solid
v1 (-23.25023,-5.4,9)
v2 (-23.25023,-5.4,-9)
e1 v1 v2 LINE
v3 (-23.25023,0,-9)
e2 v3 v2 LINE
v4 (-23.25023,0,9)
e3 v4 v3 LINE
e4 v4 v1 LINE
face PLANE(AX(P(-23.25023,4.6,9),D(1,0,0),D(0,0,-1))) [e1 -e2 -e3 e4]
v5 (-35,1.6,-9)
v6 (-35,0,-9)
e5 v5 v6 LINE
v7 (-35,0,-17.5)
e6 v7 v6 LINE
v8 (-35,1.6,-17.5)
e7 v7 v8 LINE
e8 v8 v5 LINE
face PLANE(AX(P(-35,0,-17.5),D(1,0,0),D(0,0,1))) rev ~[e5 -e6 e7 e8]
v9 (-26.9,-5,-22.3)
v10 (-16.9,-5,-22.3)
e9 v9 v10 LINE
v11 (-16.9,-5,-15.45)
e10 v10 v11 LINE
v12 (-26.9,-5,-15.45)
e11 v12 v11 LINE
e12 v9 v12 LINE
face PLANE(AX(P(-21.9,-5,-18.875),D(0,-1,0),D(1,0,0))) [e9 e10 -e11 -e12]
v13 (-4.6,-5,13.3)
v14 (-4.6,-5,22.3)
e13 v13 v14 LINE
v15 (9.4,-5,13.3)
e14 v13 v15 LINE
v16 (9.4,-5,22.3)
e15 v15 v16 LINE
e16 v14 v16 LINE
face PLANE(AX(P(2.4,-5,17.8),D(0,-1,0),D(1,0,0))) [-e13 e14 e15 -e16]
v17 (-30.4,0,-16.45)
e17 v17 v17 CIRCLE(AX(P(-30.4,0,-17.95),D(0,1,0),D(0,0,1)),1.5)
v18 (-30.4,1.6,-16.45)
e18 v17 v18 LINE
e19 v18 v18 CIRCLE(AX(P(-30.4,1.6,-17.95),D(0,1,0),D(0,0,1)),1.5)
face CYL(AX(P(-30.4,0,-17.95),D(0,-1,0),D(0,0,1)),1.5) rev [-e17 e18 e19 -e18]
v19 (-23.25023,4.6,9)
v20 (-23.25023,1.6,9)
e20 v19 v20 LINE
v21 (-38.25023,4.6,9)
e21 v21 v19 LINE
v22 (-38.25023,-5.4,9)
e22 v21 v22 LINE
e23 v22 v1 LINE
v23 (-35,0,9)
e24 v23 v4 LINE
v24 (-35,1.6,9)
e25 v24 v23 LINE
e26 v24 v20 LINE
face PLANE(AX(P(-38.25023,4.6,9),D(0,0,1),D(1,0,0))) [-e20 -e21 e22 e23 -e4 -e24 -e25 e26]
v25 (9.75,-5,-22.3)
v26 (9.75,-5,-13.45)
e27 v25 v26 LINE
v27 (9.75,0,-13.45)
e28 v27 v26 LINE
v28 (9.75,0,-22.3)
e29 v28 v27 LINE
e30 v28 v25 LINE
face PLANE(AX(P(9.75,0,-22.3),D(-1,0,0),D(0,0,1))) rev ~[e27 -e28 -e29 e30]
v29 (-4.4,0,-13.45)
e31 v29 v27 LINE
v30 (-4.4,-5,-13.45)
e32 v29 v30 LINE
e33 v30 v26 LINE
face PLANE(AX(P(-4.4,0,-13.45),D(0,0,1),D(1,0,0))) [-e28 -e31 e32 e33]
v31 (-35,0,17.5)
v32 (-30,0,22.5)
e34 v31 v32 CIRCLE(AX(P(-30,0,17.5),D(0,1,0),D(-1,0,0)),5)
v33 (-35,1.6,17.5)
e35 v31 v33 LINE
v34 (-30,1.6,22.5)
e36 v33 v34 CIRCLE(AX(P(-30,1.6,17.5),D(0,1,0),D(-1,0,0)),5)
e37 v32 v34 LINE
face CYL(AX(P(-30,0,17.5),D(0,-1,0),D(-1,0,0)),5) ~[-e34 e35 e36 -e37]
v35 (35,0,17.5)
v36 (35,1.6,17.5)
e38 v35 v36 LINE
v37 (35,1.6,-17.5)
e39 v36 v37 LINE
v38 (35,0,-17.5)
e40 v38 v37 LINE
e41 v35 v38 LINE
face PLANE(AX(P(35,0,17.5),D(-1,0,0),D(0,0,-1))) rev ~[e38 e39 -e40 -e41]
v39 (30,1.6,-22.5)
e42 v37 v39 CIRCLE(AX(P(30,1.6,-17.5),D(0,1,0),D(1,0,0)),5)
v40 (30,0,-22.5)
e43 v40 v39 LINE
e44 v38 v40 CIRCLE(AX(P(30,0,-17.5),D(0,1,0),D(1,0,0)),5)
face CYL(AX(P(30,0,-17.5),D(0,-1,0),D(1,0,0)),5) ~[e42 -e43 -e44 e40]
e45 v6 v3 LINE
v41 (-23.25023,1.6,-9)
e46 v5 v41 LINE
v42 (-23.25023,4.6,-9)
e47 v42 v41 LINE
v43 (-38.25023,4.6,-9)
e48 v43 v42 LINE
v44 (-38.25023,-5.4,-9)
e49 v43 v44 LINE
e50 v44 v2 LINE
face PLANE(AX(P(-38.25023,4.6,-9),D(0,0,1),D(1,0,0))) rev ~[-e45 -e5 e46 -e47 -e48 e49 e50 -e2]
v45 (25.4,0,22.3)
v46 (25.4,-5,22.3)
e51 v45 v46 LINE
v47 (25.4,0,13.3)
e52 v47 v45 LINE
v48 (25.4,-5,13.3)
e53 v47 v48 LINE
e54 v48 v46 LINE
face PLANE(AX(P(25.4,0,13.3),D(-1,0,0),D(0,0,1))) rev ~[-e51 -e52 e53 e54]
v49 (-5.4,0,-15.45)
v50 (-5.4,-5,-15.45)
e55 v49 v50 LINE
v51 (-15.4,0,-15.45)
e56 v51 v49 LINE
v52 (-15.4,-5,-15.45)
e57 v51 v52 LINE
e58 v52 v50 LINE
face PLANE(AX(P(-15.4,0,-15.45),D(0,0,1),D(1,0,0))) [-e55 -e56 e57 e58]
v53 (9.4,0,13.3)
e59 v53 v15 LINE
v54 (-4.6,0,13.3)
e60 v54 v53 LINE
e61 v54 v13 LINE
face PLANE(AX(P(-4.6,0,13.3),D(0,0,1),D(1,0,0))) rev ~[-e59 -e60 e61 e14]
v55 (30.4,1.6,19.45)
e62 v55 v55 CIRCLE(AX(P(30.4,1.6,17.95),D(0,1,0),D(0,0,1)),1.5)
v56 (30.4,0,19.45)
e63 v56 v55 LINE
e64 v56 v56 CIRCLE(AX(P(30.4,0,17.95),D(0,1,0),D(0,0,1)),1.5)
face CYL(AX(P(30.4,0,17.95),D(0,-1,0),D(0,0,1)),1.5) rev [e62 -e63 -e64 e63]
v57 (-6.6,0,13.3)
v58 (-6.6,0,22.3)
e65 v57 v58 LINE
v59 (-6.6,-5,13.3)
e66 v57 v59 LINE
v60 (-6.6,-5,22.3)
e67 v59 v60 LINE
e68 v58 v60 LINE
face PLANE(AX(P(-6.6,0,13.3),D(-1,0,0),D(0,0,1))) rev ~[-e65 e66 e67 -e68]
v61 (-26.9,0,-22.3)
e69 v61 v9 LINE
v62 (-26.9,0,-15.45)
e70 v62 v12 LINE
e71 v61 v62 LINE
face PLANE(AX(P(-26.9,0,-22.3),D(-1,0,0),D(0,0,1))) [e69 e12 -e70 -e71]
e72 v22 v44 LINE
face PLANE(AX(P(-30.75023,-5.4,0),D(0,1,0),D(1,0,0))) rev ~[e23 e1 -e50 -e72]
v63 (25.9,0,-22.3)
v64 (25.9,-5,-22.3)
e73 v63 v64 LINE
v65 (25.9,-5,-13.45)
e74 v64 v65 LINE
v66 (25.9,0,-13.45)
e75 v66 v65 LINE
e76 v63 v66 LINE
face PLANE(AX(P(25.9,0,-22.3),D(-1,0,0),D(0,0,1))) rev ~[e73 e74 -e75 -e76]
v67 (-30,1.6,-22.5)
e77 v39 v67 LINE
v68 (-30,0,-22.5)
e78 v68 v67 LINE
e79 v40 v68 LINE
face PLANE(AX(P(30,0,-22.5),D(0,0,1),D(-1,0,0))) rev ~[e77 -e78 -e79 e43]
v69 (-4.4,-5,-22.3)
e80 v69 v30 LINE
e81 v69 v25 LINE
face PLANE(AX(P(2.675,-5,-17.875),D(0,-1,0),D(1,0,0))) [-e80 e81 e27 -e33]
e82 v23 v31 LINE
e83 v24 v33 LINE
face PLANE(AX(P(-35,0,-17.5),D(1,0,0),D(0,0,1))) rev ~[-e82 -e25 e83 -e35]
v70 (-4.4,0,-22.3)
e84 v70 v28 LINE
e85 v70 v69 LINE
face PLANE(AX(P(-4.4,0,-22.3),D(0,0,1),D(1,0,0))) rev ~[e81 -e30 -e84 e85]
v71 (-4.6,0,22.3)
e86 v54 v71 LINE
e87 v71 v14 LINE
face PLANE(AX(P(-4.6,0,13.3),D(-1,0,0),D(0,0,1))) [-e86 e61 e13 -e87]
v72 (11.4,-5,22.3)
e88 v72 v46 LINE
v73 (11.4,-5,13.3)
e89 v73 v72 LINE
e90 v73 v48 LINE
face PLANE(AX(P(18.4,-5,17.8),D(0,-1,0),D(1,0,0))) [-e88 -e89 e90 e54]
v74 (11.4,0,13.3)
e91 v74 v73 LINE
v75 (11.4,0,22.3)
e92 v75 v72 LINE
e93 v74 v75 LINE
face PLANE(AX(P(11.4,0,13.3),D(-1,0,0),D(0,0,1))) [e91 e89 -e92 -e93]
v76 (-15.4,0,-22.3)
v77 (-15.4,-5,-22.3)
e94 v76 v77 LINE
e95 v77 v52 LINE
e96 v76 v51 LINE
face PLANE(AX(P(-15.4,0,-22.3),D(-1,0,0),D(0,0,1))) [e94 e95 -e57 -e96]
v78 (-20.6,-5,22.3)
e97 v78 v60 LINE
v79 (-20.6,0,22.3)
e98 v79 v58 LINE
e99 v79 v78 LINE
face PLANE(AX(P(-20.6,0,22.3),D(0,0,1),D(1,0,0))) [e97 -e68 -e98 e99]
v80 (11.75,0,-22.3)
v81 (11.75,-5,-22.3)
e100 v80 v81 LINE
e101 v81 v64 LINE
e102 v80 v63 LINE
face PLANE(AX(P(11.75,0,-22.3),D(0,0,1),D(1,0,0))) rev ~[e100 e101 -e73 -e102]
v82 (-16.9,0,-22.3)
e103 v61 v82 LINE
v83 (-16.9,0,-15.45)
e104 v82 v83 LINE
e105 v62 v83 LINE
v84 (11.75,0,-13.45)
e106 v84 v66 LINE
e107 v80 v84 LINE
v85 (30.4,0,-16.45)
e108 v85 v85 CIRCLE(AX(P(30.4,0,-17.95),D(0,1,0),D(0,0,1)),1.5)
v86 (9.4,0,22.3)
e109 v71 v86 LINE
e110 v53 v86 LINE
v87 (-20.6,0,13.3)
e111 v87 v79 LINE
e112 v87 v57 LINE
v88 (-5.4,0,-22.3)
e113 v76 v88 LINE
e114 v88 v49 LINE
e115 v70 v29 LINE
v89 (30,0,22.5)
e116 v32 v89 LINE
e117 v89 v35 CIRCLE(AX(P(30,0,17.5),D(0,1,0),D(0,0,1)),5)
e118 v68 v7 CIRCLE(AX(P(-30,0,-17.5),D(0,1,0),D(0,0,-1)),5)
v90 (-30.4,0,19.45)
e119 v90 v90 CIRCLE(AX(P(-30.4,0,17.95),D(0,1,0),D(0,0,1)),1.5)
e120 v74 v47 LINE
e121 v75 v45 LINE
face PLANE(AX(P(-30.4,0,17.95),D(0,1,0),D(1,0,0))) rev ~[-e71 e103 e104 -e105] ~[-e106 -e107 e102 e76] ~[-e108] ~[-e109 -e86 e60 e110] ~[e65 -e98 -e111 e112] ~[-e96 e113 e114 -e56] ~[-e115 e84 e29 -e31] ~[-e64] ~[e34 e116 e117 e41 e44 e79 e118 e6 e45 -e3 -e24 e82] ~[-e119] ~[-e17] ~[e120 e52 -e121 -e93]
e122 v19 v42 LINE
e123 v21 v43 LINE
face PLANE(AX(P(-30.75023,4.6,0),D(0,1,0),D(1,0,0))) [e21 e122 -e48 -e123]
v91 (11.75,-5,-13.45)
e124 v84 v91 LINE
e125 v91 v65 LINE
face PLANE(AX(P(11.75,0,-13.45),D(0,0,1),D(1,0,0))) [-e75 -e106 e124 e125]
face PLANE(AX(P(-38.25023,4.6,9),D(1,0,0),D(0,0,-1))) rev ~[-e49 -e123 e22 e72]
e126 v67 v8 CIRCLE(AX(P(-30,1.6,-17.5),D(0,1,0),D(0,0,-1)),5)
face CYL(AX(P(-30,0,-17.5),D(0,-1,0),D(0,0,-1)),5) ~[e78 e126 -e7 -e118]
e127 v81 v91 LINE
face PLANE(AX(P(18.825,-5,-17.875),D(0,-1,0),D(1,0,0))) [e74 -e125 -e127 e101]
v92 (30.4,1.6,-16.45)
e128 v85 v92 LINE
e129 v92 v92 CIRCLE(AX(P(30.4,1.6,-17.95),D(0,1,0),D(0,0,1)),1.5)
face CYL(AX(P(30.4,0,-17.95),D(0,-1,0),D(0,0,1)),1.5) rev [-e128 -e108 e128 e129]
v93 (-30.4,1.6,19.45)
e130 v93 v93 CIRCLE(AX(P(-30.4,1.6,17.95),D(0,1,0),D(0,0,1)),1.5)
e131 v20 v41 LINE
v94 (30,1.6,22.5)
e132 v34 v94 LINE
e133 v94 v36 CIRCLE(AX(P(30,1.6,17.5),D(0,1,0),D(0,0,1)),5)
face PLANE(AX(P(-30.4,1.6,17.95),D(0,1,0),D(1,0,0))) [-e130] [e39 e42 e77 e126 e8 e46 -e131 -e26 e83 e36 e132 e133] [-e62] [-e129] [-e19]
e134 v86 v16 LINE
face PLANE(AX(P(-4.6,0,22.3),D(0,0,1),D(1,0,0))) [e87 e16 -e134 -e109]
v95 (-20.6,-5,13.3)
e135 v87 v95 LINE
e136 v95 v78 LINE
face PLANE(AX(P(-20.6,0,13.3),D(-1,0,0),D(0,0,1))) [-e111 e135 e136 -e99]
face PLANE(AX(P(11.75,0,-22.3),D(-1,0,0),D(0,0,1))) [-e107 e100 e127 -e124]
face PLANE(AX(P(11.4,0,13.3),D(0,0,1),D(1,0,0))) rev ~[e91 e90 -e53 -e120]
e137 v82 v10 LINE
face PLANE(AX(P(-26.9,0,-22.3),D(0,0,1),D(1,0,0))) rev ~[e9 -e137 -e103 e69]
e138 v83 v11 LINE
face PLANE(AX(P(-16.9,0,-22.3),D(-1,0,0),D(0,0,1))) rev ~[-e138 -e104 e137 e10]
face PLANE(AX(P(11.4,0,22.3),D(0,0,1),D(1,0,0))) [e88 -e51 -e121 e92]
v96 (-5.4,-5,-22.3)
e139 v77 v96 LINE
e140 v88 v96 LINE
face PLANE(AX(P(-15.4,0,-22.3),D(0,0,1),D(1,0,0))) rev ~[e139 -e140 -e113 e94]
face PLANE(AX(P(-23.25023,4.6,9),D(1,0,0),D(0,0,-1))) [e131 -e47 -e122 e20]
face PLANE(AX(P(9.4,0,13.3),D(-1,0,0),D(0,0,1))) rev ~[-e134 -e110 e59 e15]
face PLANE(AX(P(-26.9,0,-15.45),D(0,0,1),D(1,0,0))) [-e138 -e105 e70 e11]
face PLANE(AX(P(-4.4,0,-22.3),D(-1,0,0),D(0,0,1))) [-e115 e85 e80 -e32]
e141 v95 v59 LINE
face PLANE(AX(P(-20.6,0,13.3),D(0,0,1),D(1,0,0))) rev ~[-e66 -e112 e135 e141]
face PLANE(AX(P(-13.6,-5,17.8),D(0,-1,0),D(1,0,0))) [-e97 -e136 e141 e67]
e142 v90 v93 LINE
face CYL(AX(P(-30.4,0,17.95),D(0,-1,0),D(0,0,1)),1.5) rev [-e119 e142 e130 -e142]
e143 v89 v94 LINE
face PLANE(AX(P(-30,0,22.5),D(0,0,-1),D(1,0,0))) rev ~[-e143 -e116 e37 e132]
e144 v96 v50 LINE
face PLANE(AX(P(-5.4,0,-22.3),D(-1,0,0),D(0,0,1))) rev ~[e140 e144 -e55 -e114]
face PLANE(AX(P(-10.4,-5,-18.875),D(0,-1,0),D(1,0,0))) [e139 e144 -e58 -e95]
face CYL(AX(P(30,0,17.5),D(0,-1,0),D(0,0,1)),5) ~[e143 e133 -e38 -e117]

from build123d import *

# Parameters (mm, degrees)
SKETCH_1_R      = 2.5
EXTRUDE_1_DEPTH = 1.6
SKETCH_2_W      = 15
SKETCH_2_H      = 18
EXTRUDE_2_DEPTH = 10
SKETCH_3_W      = 10
SKETCH_3_H      = 6.85
SKETCH_3_W_2    = 14.15
SKETCH_3_H_2    = 8.85
SKETCH_3_W_3    = 14
SKETCH_3_H_3    = 9
EXTRUDE_3_DEPTH = 5
SKETCH_1_3_R    = 2.5
SKETCH_1_3_R_2  = 1.5
EXTRUDE_4_DEPTH = 1.6


with BuildPart() as part:
    # 草图1 → 凸台-拉伸1 (new body)
    with BuildSketch(Plane(origin=(0, 0, 0), x_dir=(1, 0, 0), z_dir=(0, 1, 0))):
        with BuildLine():
            Line((30, 22.5), (-30, 22.5))
            ThreePointArc((-30, 22.5), (-33.535533906, 21.035533906), (-35, 17.5))
            Line((-35, 17.5), (-35, -17.5))
            ThreePointArc((-35, -17.5), (-33.535533906, -21.035533906), (-30, -22.5))
            Line((-30, -22.5), (30, -22.5))
            ThreePointArc((30, -22.5), (33.535533906, -21.035533906), (35, -17.5))
            Line((35, -17.5), (35, 17.5))
            ThreePointArc((35, 17.5), (33.535533906, 21.035533906), (30, 22.5))
        make_face()
        with Locations((-30.4, -17.95)):
            Circle(SKETCH_1_R, mode=Mode.SUBTRACT)
        with Locations((30.4, -17.95)):
            Circle(SKETCH_1_R, mode=Mode.SUBTRACT)
        with Locations((-30.4, 17.95)):
            Circle(SKETCH_1_R, mode=Mode.SUBTRACT)
        with Locations((30.4, 17.95)):
            Circle(SKETCH_1_R, mode=Mode.SUBTRACT)
    extrude(amount=EXTRUDE_1_DEPTH)

    # 草图2 → 凸台-拉伸2 (add)
    with BuildSketch(Plane(origin=(0, 4.6, 0), x_dir=(1, 0, 0), z_dir=(0, 1, 0))):
        with Locations((-30.75023032, 0)):
            Rectangle(SKETCH_2_W, SKETCH_2_H)
    extrude(amount=-EXTRUDE_2_DEPTH)

    # 草图3 → 凸台-拉伸3 (add)
    with BuildSketch(Plane.XZ):
        with Locations((-21.9, -18.875)):
            Rectangle(SKETCH_3_W, SKETCH_3_H)
        with Locations((-10.4, -18.875)):
            Rectangle(SKETCH_3_W, SKETCH_3_H)
        with Locations((2.675, -17.875)):
            Rectangle(SKETCH_3_W_2, SKETCH_3_H_2)
        with Locations((18.825, -17.875)):
            Rectangle(SKETCH_3_W_2, SKETCH_3_H_2)
        with Locations((-13.6, 17.8)):
            Rectangle(SKETCH_3_W_3, SKETCH_3_H_3)
        with Locations((2.4, 17.8)):
            Rectangle(SKETCH_3_W_3, SKETCH_3_H_3)
        with Locations((18.4, 17.8)):
            Rectangle(SKETCH_3_W_3, SKETCH_3_H_3)
    extrude(amount=EXTRUDE_3_DEPTH)

    # 草图1<3> → 凸台-拉伸4 (add)
    # profile 1 of 4: a face of its own
    with BuildSketch(Plane(origin=(0, 0, 0), x_dir=(1, 0, 0), z_dir=(0, 1, 0))):
        with Locations((-30.4, -17.95)):
            Circle(SKETCH_1_3_R)
        with Locations((-30.4, -17.95)):
            Circle(SKETCH_1_3_R_2, mode=Mode.SUBTRACT)
    # profile 2 of 4: a face of its own
    with BuildSketch(Plane(origin=(0, 0, 0), x_dir=(1, 0, 0), z_dir=(0, 1, 0))):
        with Locations((-30.4, 17.95)):
            Circle(SKETCH_1_3_R)
        with Locations((-30.4, 17.95)):
            Circle(SKETCH_1_3_R_2, mode=Mode.SUBTRACT)
    # profile 3 of 4: a face of its own
    with BuildSketch(Plane(origin=(0, 0, 0), x_dir=(1, 0, 0), z_dir=(0, 1, 0))):
        with Locations((30.4, 17.95)):
            Circle(SKETCH_1_3_R)
        with Locations((30.4, 17.95)):
            Circle(SKETCH_1_3_R_2, mode=Mode.SUBTRACT)
    # profile 4 of 4: a face of its own
    with BuildSketch(Plane(origin=(0, 0, 0), x_dir=(1, 0, 0), z_dir=(0, 1, 0))):
        with Locations((30.4, -17.95)):
            Circle(SKETCH_1_3_R)
        with Locations((30.4, -17.95)):
            Circle(SKETCH_1_3_R_2, mode=Mode.SUBTRACT)
    extrude(amount=EXTRUDE_4_DEPTH)


solid = part.part
